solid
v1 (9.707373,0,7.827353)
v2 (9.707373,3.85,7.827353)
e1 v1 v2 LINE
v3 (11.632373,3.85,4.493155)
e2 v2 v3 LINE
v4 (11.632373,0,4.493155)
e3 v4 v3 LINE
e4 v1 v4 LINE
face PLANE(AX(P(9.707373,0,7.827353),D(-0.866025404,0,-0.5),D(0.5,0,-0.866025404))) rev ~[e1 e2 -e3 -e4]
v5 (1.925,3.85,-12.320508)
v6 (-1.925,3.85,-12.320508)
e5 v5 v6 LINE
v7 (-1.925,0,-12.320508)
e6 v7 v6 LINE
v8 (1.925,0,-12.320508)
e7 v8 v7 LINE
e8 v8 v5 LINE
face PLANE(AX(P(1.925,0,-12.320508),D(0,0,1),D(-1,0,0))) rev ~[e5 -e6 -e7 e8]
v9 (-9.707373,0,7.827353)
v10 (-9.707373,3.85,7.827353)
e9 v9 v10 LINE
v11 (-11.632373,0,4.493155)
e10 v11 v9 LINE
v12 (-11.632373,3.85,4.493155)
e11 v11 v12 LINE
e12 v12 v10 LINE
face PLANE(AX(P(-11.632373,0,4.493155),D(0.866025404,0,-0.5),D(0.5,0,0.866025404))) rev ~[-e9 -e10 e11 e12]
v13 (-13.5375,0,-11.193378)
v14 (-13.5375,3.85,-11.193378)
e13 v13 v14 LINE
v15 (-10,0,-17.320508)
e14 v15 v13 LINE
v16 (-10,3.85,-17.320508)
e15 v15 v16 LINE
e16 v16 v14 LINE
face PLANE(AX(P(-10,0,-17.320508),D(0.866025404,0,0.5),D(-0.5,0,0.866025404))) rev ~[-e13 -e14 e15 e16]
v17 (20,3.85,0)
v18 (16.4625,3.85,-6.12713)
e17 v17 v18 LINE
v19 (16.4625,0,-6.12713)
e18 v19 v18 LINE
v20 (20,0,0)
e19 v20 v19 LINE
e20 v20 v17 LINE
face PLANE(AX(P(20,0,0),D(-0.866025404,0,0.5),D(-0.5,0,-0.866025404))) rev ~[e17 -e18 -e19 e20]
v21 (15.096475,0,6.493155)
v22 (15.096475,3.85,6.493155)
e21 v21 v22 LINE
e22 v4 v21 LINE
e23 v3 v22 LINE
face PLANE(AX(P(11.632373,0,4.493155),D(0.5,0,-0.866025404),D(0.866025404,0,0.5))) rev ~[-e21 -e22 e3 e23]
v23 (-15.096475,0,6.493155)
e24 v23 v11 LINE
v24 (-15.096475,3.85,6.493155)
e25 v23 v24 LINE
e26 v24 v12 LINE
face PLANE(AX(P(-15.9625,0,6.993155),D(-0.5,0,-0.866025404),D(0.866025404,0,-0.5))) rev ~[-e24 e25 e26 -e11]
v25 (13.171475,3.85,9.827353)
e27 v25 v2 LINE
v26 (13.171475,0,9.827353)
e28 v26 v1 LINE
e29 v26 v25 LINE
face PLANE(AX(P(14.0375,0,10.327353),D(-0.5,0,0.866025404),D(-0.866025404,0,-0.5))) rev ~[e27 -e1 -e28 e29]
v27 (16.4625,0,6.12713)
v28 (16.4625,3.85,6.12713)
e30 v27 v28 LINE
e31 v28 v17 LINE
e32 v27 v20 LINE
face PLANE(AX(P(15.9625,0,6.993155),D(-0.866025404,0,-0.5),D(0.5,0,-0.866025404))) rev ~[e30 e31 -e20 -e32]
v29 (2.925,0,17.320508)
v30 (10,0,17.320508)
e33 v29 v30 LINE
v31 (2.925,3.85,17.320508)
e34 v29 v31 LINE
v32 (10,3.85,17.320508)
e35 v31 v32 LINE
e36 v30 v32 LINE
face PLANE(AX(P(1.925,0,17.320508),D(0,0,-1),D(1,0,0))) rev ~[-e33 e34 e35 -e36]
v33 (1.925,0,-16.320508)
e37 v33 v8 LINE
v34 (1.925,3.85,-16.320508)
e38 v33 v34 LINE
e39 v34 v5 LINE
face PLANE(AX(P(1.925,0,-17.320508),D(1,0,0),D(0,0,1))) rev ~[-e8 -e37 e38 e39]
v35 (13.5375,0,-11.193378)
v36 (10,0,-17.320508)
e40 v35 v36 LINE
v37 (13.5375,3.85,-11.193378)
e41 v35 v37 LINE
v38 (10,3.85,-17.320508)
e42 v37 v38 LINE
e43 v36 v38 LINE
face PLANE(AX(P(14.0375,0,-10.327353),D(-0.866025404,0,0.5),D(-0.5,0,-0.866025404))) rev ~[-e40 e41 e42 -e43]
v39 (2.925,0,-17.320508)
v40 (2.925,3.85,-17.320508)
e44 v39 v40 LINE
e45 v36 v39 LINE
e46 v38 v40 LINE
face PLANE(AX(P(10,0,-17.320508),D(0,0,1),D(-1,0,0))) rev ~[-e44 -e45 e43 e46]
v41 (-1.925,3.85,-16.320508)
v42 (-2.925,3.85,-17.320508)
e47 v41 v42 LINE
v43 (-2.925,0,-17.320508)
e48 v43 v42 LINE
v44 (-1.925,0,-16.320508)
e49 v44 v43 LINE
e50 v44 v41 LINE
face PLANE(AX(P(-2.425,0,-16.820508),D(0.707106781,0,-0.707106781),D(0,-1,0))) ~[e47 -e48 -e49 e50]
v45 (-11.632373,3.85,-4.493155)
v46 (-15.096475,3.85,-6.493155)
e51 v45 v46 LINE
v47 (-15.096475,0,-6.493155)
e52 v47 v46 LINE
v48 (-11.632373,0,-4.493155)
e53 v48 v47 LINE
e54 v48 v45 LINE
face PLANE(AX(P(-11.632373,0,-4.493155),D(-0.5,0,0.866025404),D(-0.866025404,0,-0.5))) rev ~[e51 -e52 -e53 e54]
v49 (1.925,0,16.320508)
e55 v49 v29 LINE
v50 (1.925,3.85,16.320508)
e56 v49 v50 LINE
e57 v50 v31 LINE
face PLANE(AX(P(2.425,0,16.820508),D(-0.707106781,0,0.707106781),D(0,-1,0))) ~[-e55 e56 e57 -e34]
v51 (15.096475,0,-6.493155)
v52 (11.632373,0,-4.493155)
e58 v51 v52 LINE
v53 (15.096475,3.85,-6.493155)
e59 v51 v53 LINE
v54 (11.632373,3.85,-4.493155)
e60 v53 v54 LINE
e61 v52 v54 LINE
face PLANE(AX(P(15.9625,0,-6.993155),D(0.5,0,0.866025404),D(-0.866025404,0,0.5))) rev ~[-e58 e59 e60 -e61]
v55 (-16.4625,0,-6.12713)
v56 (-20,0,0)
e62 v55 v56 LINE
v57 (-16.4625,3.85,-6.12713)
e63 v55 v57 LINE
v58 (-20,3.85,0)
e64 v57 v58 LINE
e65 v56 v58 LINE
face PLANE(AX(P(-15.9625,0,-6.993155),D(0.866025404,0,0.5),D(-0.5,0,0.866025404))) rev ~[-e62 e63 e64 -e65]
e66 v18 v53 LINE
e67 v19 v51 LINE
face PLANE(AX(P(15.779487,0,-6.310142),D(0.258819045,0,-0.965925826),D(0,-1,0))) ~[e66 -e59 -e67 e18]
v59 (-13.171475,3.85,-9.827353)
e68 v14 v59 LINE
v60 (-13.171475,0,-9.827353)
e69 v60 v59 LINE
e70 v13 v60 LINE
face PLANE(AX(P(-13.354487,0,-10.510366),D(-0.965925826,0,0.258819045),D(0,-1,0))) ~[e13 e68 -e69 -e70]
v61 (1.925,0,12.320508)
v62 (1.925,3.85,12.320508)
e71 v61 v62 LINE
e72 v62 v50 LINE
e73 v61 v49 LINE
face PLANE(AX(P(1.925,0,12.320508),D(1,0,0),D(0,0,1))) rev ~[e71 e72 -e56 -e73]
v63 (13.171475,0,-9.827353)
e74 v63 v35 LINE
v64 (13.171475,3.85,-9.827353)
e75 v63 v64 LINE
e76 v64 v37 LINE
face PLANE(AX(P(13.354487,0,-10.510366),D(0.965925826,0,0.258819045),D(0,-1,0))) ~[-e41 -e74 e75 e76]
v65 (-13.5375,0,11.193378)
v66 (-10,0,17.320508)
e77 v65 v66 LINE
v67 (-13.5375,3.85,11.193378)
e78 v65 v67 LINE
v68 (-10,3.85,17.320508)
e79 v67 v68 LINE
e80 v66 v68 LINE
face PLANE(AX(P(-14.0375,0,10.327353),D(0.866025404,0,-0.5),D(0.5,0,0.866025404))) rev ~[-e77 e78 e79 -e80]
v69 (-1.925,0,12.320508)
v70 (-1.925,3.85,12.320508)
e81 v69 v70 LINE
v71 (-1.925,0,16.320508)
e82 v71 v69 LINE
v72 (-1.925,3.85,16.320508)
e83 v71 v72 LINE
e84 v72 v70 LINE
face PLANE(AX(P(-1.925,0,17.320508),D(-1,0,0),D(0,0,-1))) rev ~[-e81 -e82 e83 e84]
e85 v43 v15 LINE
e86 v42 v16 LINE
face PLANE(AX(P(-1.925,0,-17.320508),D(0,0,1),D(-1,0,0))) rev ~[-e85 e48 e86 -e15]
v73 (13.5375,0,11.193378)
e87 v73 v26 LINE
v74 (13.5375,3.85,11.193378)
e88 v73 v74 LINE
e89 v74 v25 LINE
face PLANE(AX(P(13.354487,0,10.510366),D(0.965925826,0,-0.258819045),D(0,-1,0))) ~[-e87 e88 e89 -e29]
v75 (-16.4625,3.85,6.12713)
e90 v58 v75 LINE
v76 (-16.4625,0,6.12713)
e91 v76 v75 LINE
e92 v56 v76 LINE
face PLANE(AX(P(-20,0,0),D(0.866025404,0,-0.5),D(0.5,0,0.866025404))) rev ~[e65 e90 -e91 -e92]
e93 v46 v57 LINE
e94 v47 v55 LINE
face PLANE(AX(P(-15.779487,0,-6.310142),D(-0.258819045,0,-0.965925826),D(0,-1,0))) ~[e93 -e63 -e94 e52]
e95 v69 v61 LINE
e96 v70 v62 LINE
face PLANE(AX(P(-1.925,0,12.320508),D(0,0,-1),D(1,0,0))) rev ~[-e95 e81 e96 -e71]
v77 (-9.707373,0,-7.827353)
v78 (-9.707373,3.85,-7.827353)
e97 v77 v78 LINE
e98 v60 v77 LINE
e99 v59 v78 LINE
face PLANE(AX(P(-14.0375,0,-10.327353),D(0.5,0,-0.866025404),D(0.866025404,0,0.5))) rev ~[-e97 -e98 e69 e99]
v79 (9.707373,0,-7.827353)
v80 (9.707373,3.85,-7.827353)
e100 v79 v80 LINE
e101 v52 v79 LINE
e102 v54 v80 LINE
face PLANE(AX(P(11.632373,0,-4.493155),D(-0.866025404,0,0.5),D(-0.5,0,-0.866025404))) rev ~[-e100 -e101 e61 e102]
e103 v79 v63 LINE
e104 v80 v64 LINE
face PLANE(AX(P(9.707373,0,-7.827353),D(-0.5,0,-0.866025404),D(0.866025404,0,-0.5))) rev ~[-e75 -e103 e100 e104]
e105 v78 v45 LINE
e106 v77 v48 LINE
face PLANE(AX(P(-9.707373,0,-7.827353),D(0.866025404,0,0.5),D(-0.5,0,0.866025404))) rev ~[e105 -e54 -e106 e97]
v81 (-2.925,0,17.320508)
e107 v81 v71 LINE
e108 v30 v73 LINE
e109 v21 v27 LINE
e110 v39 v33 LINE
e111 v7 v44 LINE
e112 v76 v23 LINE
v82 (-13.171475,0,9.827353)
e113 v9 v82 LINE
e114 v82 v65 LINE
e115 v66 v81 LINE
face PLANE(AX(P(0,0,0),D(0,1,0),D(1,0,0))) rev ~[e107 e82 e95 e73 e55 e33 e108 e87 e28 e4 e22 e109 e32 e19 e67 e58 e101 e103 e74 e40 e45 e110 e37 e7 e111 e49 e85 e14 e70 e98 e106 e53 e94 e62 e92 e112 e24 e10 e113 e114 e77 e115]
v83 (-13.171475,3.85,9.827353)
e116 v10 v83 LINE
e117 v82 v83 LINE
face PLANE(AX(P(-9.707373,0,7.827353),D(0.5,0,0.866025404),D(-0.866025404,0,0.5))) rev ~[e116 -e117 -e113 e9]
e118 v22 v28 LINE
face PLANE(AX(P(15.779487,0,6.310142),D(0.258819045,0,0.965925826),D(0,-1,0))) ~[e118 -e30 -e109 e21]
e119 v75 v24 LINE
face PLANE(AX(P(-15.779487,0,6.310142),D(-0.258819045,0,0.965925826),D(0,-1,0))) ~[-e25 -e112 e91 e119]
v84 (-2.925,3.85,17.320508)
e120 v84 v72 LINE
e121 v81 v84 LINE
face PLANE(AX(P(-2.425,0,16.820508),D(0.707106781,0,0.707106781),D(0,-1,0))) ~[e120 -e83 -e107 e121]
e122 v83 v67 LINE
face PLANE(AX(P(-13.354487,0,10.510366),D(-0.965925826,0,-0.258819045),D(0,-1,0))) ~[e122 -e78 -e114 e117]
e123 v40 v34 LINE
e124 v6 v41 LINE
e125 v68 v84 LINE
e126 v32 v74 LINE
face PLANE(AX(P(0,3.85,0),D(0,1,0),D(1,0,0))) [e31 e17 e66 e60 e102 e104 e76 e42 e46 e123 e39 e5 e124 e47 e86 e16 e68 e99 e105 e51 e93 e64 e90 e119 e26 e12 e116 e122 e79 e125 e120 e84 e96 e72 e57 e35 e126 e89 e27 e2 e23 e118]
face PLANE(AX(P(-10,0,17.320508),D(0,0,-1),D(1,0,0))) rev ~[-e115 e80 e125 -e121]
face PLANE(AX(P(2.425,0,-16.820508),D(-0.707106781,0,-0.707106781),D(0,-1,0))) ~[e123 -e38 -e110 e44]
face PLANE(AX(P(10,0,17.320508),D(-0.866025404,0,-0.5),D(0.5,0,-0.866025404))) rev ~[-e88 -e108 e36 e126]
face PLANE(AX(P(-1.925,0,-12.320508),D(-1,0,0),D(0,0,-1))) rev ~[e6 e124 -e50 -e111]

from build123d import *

# Parameters (mm, degrees)
BOSS_EXTRUDE1_DEPTH = 3.85
CHAMFER1_SIZE       = 1


with BuildPart() as part:
    # Sketch1 → Boss-Extrude1 (new body)
    with BuildSketch(Plane(origin=(0, 0, 0), x_dir=(1, 0, 0), z_dir=(0, 1, 0))):
        Polygon((20, 0), (15.9625, 6.993155136), (11.632372981, 4.493155136), (9.707372981, 7.82735294), (14.0375, 10.32735294), (10, 17.320508076), (1.925, 17.320508076), (1.925, 12.320508076), (-1.925, 12.320508076), (-1.925, 17.320508076), (-10, 17.320508076), (-14.0375, 10.32735294), (-9.707372981, 7.82735294), (-11.632372981, 4.493155136), (-15.9625, 6.993155136), (-20, 0), (-15.9625, -6.993155136), (-11.632372981, -4.493155136), (-9.707372981, -7.82735294), (-14.0375, -10.32735294), (-10, -17.320508076), (-1.925, -17.320508076), (-1.925, -12.320508076), (1.925, -12.320508076), (1.925, -17.320508076), (10, -17.320508076), (14.0375, -10.32735294), (9.707372981, -7.82735294), (11.632372981, -4.493155136), (15.9625, -6.993155136), align=None)
    extrude(amount=BOSS_EXTRUDE1_DEPTH)

    # Chamfer1
    chamfer1_edges = [part.edges().sort_by_distance(p)[0] for p in [
        (15.9625, 1.925, 6.993155136),
        (15.9625, 1.925, -6.993155136),
        (14.0375, 1.925, -10.32735294),
        (1.925, 1.925, -17.320508076),
        (-1.925, 1.925, -17.320508076),
        (-14.0375, 1.925, -10.32735294),
        (-15.9625, 1.925, -6.993155136),
        (-15.9625, 1.925, 6.993155136),
        (-14.0375, 1.925, 10.32735294),
        (-1.925, 1.925, 17.320508076),
        (1.925, 1.925, 17.320508076),
        (14.0375, 1.925, 10.32735294),
    ]]
    chamfer(chamfer1_edges, length=CHAMFER1_SIZE)


solid = part.part
